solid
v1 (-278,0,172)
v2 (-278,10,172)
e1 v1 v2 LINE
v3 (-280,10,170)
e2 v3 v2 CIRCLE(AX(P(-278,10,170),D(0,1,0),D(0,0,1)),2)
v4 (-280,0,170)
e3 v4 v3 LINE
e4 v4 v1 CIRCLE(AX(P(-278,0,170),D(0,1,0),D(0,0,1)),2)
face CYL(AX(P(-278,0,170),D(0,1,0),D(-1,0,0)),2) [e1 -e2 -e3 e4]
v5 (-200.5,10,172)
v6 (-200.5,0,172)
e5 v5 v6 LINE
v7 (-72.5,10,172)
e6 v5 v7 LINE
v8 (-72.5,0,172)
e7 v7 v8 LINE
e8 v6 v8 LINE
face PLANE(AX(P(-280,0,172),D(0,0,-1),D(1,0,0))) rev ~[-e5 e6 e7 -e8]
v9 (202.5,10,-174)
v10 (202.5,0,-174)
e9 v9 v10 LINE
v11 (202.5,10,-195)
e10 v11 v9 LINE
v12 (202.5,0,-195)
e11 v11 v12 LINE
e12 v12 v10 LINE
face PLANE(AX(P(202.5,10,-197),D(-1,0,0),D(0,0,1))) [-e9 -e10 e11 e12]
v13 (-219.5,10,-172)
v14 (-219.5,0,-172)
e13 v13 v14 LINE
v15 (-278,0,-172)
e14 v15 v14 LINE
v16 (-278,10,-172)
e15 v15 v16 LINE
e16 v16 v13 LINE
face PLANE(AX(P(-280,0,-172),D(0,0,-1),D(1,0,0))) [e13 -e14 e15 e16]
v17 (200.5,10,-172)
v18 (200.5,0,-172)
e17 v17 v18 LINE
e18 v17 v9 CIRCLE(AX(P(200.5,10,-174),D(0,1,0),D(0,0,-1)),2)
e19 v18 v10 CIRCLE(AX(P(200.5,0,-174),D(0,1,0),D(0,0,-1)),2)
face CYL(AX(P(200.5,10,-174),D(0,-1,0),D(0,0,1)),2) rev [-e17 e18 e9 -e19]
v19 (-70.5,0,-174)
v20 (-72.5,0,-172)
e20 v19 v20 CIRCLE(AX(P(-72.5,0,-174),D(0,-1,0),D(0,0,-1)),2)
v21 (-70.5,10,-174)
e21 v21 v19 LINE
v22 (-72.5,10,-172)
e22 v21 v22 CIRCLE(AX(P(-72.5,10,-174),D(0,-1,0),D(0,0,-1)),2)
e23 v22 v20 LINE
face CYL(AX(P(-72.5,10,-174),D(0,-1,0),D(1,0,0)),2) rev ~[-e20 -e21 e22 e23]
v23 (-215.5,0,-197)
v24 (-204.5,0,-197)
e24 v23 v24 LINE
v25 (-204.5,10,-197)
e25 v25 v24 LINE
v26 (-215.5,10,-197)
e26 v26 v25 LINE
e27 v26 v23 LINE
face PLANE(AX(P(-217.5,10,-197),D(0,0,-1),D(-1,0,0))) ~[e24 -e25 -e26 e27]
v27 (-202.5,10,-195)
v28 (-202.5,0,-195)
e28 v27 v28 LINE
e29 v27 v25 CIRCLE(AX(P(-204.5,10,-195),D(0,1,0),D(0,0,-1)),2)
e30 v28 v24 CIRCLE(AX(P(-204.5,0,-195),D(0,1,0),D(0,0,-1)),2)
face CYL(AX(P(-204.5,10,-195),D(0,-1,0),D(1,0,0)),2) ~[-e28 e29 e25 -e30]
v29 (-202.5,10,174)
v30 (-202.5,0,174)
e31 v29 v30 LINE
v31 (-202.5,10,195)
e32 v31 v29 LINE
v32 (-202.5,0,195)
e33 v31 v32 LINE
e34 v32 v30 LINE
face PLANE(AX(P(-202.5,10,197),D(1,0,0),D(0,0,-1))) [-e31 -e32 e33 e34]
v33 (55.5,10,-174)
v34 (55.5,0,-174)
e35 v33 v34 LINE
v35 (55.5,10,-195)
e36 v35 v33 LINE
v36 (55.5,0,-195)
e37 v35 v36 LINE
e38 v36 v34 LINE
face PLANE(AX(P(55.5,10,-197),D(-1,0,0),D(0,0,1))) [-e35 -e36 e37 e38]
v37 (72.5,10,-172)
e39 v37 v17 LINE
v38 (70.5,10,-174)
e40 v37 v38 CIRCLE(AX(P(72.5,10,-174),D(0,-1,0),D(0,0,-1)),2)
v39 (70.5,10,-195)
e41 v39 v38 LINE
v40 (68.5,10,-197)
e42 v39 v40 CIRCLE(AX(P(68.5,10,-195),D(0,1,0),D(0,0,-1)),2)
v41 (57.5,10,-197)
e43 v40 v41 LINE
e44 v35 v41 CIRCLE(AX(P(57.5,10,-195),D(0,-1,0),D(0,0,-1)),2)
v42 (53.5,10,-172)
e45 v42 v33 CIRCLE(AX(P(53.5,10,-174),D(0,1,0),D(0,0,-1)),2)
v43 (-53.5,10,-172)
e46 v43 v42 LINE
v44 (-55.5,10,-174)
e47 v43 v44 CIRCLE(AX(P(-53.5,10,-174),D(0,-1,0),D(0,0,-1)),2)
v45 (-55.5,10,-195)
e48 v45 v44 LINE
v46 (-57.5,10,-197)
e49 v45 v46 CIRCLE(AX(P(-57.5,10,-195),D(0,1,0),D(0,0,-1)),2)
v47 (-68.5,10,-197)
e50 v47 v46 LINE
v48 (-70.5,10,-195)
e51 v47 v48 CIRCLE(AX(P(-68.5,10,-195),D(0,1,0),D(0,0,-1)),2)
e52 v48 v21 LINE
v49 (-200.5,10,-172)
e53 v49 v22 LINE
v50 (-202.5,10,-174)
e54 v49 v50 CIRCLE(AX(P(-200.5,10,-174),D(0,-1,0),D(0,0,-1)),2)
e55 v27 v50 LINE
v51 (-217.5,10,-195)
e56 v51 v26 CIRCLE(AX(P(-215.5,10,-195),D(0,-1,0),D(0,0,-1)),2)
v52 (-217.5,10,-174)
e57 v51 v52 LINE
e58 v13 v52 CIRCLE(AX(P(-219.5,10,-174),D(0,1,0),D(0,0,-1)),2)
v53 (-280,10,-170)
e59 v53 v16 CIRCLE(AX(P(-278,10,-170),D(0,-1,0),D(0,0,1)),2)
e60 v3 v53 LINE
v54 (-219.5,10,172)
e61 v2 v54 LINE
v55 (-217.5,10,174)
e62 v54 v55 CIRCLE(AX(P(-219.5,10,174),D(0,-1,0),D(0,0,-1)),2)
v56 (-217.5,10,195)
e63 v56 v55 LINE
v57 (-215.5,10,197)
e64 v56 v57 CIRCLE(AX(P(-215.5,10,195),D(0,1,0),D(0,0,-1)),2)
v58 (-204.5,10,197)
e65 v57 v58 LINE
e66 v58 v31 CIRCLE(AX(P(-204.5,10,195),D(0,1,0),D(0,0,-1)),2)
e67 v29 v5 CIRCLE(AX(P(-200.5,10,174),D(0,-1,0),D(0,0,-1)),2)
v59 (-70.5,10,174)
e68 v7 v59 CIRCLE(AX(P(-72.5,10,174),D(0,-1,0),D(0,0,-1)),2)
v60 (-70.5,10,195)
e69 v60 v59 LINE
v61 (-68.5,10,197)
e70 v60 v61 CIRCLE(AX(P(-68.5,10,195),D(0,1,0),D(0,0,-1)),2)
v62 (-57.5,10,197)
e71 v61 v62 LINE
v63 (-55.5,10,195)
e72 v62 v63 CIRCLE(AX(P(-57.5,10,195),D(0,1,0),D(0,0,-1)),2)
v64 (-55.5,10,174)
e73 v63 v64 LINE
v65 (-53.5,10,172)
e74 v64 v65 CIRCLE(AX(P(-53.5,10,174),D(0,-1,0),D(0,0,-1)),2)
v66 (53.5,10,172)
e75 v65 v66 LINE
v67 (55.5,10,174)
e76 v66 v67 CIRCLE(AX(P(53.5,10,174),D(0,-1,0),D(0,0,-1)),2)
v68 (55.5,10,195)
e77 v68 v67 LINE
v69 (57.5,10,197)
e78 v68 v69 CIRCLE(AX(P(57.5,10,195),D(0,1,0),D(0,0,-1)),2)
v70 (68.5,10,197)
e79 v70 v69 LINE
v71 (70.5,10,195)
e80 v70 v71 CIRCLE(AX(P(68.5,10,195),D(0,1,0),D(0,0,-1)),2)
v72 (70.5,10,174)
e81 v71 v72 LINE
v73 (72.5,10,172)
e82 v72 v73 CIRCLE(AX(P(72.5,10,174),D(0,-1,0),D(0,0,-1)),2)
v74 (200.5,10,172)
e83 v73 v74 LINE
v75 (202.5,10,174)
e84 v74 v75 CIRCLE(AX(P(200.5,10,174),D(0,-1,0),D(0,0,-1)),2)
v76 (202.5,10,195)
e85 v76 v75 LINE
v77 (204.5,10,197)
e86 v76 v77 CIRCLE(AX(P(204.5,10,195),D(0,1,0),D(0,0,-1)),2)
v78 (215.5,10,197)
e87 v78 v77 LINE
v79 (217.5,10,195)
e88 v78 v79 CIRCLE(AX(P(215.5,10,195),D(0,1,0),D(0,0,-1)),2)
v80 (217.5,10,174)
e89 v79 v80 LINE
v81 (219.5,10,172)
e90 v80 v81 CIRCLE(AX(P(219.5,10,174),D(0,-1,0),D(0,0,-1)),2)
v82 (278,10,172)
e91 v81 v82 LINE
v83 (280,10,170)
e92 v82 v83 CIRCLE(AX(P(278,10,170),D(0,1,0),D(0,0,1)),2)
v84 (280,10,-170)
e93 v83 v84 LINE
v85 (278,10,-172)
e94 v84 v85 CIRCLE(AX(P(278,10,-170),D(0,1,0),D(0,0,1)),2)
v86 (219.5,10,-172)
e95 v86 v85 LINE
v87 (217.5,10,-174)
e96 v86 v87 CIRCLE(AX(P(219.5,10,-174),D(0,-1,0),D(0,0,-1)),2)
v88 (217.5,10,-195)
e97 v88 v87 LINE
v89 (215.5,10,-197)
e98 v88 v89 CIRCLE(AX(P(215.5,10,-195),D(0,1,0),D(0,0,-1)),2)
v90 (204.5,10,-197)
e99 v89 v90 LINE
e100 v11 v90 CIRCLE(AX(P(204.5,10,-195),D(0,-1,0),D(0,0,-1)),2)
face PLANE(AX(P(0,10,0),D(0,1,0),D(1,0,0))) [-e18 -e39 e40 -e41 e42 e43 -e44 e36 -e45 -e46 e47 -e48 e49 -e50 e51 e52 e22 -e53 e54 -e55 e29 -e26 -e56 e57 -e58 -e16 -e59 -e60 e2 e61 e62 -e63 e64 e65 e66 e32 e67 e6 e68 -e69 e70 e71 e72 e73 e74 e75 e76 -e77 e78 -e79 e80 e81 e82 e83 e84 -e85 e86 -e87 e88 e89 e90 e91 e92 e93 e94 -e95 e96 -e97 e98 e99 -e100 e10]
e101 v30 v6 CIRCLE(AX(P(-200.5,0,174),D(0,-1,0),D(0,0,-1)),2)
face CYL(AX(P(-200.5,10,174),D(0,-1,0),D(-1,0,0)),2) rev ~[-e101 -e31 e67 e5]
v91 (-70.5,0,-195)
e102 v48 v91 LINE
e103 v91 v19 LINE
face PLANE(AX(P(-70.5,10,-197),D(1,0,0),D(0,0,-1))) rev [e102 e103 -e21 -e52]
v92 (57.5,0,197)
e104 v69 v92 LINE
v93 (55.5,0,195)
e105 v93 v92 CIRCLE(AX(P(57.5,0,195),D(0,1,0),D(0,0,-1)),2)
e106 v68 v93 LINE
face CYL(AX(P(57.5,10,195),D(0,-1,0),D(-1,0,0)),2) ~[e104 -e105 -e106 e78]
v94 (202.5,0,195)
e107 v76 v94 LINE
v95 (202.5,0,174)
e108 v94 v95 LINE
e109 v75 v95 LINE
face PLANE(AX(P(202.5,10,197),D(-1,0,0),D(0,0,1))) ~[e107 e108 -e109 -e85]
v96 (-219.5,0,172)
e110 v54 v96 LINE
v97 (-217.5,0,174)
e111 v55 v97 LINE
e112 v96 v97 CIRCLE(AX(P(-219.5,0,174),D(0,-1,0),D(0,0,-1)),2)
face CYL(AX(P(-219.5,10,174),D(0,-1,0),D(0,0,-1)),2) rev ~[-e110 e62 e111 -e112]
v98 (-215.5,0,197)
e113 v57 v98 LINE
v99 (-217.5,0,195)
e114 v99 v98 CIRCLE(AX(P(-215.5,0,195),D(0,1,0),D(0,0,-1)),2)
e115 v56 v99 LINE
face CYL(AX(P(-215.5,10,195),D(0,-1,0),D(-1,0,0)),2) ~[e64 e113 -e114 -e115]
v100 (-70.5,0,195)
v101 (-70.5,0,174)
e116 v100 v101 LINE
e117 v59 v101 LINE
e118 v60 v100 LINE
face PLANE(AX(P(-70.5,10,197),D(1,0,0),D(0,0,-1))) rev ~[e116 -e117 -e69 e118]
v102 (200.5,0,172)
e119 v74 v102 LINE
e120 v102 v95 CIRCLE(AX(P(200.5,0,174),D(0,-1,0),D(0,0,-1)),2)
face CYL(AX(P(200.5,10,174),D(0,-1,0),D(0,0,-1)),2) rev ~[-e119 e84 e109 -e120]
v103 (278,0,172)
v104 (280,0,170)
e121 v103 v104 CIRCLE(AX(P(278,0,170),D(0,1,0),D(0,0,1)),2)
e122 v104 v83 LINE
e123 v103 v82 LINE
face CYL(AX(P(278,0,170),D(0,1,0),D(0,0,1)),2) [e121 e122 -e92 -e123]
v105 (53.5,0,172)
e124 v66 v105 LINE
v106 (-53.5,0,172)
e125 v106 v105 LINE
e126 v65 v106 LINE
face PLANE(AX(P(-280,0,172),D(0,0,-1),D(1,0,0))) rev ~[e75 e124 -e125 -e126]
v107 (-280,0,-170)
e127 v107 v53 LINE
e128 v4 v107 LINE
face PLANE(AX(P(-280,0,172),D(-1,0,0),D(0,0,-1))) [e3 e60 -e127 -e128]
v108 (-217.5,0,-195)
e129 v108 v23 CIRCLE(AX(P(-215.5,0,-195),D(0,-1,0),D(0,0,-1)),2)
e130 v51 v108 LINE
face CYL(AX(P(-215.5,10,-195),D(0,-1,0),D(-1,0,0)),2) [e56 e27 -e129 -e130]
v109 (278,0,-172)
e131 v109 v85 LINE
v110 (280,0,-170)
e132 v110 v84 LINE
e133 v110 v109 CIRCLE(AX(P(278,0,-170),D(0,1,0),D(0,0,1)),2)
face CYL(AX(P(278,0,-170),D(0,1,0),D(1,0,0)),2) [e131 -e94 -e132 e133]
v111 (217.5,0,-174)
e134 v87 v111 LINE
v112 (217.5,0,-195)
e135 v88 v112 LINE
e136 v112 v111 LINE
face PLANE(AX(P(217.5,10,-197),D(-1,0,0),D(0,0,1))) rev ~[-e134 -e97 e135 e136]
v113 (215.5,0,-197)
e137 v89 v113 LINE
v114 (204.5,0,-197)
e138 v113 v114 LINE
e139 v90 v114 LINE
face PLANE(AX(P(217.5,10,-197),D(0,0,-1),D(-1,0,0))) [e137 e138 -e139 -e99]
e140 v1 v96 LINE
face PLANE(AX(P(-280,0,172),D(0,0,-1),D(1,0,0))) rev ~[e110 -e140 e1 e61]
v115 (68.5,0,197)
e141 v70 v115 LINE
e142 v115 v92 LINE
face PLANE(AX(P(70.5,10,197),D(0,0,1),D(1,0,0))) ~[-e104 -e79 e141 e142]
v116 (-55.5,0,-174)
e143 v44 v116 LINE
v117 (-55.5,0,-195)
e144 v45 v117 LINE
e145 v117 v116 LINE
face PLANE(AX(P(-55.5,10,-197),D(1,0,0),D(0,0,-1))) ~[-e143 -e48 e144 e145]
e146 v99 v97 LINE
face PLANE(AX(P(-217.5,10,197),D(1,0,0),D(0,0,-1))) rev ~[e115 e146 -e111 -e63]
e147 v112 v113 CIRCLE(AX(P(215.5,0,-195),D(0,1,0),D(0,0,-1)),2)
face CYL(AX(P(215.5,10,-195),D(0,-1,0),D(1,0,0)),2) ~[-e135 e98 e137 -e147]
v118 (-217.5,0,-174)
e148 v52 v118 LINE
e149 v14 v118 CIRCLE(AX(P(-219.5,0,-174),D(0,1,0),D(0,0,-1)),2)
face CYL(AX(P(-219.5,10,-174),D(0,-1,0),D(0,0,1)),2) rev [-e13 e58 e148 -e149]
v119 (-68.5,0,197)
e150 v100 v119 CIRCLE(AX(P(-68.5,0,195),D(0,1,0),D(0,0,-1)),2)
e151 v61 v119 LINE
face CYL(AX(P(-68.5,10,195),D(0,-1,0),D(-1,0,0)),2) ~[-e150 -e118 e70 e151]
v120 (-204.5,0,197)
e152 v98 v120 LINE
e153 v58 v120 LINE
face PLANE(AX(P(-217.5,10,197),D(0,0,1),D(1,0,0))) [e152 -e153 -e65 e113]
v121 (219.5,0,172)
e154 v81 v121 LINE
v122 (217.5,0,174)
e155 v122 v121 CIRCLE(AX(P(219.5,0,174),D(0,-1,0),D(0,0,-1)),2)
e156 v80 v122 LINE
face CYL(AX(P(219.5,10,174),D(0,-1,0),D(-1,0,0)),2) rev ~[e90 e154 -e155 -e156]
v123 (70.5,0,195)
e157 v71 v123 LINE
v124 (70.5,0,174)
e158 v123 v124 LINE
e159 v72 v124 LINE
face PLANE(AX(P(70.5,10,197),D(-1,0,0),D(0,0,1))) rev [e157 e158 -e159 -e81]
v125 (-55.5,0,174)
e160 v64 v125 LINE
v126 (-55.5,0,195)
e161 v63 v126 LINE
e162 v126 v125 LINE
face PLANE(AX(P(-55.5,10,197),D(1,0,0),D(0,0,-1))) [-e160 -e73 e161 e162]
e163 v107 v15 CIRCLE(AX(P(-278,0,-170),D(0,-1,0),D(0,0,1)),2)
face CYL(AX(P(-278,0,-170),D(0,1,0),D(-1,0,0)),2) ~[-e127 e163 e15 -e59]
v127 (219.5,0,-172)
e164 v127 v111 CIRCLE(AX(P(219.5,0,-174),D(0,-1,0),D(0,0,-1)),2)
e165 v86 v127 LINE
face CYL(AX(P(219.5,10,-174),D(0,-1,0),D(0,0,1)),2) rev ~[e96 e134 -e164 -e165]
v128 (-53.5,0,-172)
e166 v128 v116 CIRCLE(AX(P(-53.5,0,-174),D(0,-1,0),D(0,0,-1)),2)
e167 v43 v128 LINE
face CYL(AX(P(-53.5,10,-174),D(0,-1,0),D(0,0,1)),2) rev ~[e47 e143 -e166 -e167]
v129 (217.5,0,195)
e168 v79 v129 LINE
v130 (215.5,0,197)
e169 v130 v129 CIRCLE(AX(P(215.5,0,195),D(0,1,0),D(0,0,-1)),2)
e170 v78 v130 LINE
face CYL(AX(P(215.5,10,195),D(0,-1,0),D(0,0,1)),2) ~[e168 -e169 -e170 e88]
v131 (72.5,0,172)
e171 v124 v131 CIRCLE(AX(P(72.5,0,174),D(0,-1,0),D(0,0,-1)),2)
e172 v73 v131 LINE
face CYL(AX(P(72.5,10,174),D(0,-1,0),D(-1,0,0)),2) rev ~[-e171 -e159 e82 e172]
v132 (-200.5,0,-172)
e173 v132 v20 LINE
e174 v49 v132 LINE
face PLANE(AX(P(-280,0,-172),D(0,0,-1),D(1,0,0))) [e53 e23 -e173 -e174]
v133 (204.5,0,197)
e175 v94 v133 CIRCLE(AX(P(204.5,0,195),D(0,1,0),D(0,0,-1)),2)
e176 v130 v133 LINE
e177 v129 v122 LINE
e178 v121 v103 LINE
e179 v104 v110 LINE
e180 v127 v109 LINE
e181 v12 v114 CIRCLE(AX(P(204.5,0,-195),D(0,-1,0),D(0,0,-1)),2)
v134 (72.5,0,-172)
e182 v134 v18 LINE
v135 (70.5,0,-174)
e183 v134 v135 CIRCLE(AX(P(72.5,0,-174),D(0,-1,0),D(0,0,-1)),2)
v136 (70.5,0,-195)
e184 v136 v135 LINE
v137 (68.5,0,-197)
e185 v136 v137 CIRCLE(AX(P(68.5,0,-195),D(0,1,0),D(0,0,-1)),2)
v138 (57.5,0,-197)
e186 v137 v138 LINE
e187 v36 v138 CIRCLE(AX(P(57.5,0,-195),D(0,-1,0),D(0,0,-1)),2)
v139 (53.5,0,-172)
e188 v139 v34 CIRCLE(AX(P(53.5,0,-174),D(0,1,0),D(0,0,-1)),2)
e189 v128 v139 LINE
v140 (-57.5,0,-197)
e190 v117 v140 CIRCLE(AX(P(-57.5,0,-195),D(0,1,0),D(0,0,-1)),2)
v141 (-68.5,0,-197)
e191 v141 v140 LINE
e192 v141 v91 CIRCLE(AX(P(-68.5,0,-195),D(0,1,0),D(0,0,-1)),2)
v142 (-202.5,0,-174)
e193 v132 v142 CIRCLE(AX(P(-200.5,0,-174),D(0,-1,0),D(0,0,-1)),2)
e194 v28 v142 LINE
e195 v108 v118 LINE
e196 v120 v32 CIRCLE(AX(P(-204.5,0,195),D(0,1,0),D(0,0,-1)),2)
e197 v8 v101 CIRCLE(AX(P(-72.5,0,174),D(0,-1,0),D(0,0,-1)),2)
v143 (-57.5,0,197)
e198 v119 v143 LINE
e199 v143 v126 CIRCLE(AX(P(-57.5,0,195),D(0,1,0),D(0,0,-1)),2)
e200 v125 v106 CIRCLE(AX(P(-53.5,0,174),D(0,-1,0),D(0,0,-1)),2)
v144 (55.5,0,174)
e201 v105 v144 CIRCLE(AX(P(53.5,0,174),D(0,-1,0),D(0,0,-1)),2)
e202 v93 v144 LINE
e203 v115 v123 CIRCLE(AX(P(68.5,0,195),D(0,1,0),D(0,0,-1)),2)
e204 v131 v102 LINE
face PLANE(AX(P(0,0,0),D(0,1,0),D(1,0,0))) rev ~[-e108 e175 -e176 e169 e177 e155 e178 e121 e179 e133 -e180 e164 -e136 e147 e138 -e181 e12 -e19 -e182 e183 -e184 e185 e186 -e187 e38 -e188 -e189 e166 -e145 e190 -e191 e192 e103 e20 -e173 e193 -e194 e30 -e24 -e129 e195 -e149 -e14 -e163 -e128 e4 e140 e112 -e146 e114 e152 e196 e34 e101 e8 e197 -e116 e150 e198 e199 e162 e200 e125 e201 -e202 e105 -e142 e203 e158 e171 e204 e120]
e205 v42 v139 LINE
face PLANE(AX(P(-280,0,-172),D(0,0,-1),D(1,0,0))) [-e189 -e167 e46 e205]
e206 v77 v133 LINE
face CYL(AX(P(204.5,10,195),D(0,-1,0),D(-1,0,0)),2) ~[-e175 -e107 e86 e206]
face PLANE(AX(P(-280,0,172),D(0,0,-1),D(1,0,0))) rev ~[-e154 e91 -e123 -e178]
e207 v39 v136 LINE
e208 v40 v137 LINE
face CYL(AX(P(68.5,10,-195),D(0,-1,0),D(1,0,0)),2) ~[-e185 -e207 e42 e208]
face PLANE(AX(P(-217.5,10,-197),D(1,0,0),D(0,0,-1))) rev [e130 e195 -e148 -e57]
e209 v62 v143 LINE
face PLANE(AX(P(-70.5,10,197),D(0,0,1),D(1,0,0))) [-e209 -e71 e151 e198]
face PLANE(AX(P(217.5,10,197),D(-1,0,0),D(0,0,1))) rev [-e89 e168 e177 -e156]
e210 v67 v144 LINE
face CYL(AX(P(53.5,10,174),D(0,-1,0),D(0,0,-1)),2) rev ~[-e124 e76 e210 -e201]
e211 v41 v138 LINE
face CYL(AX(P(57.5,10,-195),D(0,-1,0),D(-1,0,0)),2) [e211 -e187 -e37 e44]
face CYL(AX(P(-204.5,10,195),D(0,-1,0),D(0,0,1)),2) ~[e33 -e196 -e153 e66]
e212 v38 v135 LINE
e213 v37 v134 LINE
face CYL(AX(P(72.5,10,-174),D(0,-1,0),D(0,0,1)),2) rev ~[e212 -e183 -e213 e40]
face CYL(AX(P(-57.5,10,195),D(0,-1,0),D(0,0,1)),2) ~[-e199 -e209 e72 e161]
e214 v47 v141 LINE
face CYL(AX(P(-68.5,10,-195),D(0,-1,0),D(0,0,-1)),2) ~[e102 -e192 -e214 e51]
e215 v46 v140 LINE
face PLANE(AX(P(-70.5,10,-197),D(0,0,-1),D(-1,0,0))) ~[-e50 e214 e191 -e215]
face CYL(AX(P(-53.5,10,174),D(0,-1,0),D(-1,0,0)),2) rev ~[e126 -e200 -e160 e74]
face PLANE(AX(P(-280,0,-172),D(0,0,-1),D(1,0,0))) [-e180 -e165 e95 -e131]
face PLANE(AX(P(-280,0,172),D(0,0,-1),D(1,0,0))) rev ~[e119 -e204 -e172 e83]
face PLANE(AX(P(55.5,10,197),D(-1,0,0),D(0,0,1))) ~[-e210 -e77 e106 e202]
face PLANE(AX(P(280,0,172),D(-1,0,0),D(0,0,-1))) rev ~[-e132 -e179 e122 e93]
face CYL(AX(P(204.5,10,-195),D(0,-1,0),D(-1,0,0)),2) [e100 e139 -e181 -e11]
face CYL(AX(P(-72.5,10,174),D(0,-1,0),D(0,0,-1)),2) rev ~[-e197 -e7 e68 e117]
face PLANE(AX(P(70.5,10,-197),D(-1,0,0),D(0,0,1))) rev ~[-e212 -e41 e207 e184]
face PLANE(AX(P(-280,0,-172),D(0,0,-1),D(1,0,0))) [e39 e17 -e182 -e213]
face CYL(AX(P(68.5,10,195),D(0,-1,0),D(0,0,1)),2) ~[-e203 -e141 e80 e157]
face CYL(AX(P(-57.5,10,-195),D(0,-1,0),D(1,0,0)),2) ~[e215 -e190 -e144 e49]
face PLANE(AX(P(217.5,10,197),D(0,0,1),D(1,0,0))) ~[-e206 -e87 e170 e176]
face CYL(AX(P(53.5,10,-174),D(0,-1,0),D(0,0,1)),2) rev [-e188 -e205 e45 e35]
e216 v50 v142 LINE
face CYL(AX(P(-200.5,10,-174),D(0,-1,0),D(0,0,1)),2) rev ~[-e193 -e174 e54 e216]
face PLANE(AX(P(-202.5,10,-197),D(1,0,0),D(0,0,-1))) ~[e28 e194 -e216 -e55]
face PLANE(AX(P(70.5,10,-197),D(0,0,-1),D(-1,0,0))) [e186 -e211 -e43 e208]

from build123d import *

# Parameters (mm, degrees)
SKETCH1_W               = 560
SKETCH1_H               = 344
BOSS_EXTRUDE1_DEPTH     = 10
SKETCH2_W               = 15
SKETCH2_H               = 25
BOSS_EXTRUDE2_DEPTH     = 10
MIRROR5_COPY_1_SKETCH_W = 15
MIRROR5_COPY_1_SKETCH_H = 25
MIRROR5_COPY_1_DEPTH    = 10
FILLET3_R               = 2


with BuildPart() as part:
    # Sketch1 → Boss-Extrude1 (new body)
    with BuildSketch(Plane(origin=(0, 0, 0), x_dir=(1, 0, 0), z_dir=(0, 1, 0))):
        Rectangle(SKETCH1_W, SKETCH1_H)
    extrude(amount=BOSS_EXTRUDE1_DEPTH)

    # Sketch2 → Boss-Extrude2 (add)
    with BuildSketch(Plane(origin=(0, 10, 0), x_dir=(1, 0, 0), z_dir=(0, 1, 0))):
        with Locations((-63, -184.5)):
            Rectangle(SKETCH2_W, SKETCH2_H)
        with Locations((-210, -184.5)):
            Rectangle(SKETCH2_W, SKETCH2_H)
    boss_extrude2 = extrude(amount=-BOSS_EXTRUDE2_DEPTH)

    # Mirror4: Boss-Extrude2 across plane
    add(boss_extrude2.mirror(Plane(origin=(0, 0, 0), x_dir=(0, 0, 1), z_dir=(1, 0, 0))))

    # Mirror5: Boss-Extrude2 across plane
    add(boss_extrude2.mirror(Plane.XY))

    # Mirror5 copy 1 sketch → Mirror5 copy 1 (add)
    with BuildSketch(Plane(origin=(0, 10, 0), x_dir=(-1, 0, 0), z_dir=(0, 1, 0))):
        with Locations((-63, -184.5)):
            Rectangle(MIRROR5_COPY_1_SKETCH_W, MIRROR5_COPY_1_SKETCH_H)
        with Locations((-210, -184.5)):
            Rectangle(MIRROR5_COPY_1_SKETCH_W, MIRROR5_COPY_1_SKETCH_H)
    extrude(amount=-MIRROR5_COPY_1_DEPTH)

    # Fillet3
    fillet3_edges = [part.edges().sort_by_distance(p)[0] for p in [
        (-70.5, 5, 197),
        (-70.5, 5, 172),
        (-55.5, 5, 172),
        (-55.5, 5, 197),
        (-202.5, 5, 172),
        (-202.5, 5, 197),
        (-217.5, 5, 197),
        (-217.5, 5, 172),
        (55.5, 5, 172),
        (55.5, 5, 197),
        (70.5, 5, 197),
        (70.5, 5, 172),
        (217.5, 5, 197),
        (217.5, 5, 172),
        (202.5, 5, 172),
        (202.5, 5, 197),
        (70.5, 5, -197),
        (70.5, 5, -172),
        (55.5, 5, -172),
        (55.5, 5, -197),
        (202.5, 5, -172),
        (202.5, 5, -197),
        (217.5, 5, -197),
        (217.5, 5, -172),
        (-280, 5, -172),
        (280, 5, -172),
        (280, 5, 172),
        (-280, 5, 172),
        (-55.5, 5, -172),
        (-55.5, 5, -197),
        (-70.5, 5, -197),
        (-70.5, 5, -172),
        (-217.5, 5, -197),
        (-217.5, 5, -172),
        (-202.5, 5, -172),
        (-202.5, 5, -197),
    ]]
    fillet(fillet3_edges, radius=FILLET3_R)


solid = part.part
